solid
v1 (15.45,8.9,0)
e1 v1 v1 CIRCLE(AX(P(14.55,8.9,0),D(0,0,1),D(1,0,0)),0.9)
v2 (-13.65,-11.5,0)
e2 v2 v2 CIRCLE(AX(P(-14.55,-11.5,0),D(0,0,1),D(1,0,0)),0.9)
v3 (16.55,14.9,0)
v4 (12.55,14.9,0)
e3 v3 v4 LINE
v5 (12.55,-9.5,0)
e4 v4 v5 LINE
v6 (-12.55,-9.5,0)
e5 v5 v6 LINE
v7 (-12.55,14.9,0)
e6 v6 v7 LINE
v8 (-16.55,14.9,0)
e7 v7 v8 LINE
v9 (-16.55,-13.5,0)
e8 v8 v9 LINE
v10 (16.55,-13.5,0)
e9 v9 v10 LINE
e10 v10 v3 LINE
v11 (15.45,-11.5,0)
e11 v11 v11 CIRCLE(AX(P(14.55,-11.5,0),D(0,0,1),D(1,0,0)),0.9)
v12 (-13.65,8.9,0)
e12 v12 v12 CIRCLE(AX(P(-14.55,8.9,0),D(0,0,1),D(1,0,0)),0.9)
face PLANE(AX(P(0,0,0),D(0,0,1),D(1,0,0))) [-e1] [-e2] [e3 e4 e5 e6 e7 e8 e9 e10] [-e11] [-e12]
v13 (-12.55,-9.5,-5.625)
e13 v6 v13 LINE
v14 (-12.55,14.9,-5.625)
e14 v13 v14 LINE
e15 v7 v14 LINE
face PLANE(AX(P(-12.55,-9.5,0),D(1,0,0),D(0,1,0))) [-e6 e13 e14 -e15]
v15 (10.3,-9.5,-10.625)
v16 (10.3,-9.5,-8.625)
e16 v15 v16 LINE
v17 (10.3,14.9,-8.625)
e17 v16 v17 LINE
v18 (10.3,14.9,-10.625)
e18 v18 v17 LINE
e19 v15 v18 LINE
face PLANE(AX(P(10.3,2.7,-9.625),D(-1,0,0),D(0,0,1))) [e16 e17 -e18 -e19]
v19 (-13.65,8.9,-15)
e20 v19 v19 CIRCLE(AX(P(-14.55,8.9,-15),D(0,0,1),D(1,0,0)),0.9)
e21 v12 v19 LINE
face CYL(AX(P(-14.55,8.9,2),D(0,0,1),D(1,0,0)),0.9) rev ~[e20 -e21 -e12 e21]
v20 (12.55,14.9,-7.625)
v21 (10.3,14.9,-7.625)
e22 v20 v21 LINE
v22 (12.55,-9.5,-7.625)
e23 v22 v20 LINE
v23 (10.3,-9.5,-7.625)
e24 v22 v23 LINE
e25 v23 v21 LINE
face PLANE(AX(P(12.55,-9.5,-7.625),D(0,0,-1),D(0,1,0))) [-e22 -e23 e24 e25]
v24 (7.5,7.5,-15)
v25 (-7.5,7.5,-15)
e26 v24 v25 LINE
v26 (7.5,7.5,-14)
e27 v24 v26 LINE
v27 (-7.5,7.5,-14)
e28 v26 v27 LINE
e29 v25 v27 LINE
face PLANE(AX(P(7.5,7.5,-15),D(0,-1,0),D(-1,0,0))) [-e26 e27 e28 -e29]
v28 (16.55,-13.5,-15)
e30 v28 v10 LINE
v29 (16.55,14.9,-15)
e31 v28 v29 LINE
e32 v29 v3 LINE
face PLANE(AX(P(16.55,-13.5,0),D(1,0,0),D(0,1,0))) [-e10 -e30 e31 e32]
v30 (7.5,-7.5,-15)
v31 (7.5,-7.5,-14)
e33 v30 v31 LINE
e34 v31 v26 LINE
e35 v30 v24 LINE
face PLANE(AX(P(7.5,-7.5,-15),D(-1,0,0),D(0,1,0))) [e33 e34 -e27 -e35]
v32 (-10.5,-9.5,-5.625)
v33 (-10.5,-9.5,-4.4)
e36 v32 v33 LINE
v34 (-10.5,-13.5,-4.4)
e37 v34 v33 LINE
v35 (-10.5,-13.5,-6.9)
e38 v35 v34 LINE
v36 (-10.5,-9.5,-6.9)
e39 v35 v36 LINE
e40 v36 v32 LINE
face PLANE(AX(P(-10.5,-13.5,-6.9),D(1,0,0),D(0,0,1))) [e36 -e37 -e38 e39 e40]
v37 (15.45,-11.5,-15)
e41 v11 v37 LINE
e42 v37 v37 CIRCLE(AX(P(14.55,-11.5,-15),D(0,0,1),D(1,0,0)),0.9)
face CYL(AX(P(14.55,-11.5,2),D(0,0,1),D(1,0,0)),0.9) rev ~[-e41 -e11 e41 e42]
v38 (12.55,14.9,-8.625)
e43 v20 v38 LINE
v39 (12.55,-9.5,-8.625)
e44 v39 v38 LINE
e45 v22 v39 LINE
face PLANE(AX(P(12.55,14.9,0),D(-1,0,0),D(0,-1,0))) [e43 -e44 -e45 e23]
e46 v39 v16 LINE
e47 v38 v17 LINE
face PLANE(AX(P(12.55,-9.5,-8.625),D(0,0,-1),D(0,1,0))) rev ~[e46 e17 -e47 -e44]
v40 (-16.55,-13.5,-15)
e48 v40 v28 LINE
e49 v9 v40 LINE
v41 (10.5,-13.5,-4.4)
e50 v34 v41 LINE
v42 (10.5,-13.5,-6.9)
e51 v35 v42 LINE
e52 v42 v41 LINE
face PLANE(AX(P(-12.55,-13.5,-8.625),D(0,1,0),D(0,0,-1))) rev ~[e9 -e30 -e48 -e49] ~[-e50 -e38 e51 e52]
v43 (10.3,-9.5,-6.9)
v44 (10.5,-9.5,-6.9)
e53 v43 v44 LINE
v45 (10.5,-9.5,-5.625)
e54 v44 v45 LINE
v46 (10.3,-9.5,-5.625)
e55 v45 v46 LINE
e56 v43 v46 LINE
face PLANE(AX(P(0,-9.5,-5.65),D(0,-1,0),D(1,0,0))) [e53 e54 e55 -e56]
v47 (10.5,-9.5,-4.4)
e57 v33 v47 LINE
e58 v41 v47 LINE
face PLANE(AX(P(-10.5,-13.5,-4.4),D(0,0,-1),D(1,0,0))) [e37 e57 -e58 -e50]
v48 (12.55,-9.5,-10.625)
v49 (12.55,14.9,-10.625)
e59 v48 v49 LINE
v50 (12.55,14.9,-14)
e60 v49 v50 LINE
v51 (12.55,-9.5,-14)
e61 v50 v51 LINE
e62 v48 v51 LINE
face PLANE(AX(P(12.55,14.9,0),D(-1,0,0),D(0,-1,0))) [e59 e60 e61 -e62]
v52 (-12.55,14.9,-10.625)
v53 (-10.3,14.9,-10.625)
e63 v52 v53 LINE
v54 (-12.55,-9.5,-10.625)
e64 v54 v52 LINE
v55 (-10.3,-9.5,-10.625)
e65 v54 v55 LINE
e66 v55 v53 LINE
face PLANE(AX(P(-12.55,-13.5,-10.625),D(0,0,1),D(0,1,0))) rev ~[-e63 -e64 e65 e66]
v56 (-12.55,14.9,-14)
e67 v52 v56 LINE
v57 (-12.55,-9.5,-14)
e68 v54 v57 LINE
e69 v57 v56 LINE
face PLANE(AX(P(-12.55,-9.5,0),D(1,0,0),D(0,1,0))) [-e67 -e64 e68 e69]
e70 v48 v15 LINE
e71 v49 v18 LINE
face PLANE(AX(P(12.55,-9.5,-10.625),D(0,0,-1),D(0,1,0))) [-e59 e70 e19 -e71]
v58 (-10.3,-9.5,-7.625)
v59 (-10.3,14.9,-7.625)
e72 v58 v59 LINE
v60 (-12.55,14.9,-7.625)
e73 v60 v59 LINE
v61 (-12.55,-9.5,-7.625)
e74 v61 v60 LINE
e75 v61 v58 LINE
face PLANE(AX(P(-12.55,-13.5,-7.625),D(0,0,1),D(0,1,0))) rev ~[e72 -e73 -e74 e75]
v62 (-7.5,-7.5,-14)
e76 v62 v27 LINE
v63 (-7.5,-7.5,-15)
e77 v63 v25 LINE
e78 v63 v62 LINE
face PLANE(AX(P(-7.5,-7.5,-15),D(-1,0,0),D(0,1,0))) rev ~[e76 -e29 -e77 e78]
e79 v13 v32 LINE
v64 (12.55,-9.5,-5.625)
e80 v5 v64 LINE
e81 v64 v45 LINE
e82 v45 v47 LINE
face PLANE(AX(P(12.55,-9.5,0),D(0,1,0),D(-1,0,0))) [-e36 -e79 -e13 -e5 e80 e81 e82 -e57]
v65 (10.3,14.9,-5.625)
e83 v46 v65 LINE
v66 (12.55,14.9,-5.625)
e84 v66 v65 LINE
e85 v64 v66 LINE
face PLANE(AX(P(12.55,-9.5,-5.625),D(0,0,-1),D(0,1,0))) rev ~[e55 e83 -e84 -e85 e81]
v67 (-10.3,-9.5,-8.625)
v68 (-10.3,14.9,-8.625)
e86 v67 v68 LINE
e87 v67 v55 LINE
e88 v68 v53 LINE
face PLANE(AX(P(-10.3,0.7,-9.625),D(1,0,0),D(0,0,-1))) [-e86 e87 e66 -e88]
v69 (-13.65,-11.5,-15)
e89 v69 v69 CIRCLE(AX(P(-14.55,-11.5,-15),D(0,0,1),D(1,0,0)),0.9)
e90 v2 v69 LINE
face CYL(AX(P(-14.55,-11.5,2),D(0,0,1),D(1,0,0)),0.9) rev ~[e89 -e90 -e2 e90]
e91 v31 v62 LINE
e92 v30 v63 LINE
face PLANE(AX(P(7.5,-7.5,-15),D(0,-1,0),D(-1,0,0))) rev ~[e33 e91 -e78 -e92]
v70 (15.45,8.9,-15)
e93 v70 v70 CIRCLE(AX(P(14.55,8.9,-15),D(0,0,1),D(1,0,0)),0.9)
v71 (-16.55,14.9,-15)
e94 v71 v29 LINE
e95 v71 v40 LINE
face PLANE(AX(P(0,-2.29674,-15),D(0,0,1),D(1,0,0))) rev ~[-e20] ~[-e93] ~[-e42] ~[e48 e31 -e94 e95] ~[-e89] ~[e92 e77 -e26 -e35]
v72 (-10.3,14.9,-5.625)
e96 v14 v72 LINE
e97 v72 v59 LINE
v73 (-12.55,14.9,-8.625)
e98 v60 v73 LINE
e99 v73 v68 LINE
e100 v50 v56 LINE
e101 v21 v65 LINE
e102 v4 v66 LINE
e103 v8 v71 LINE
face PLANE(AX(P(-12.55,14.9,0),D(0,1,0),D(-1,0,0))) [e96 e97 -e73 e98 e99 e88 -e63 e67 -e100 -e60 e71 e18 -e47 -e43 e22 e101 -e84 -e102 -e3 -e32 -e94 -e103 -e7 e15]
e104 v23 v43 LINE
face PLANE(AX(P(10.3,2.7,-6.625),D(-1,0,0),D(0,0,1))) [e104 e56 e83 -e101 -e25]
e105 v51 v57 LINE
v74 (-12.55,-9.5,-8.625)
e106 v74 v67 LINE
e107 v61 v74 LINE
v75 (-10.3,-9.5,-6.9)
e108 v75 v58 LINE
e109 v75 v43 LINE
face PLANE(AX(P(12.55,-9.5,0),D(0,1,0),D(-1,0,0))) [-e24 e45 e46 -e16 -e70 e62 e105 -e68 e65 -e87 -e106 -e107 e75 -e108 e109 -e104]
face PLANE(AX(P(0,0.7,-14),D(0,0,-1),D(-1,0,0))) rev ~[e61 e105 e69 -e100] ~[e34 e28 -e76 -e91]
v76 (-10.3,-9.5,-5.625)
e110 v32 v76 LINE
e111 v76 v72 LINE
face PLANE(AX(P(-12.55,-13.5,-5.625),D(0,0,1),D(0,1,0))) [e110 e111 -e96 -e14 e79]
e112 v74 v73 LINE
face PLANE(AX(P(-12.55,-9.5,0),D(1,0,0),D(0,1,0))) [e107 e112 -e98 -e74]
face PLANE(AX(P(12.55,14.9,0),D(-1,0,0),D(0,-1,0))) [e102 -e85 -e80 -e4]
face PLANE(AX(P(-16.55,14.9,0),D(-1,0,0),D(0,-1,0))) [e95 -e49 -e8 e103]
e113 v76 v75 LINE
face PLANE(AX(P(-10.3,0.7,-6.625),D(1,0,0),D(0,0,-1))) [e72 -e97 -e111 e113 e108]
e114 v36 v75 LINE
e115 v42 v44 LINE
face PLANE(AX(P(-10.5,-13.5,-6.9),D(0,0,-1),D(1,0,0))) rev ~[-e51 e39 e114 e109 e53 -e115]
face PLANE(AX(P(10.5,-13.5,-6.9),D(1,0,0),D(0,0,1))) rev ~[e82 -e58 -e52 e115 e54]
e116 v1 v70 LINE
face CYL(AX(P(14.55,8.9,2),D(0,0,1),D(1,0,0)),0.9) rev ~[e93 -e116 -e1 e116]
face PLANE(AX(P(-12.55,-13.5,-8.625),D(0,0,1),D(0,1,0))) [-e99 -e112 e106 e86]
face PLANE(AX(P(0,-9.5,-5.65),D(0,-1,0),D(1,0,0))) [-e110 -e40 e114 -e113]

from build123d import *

# Parameters (mm, degrees)
ESQUISSE1_R             = 37
ESQUISSE1_R_2           = 1.5
ESQUISSE1_W             = 25
ESQUISSE1_H             = 3
BOSS_EXTRU_1_DEPTH      = 2
BOSS_EXTRU_2_DEPTH      = 15
ESQUISSE3_W             = 2
ESQUISSE3_H             = 28.4
BOSS_EXTRU_3_DEPTH      = 2.25
ESQUISSE5_W             = 2
ESQUISSE5_H             = 24.4
BOSS_EXTRU_4_DEPTH      = 2.25
ESQUISSE7_W             = 33.1
ESQUISSE7_H             = 28.4
BOSS_EXTRU_5_DEPTH      = 1
ESQUISSE8_W             = 15
ESQUISSE8_H             = 15
ENL_V_MAT_EXTRU_1_DEPTH = 3
ESQUISSE9_W             = 21
ESQUISSE9_H             = 2.5
ENL_V_MAT_EXTRU_2_DEPTH = 4
ESQUISSE10_R            = 0.9
ENL_V_MAT_EXTRU_3_DEPTH = 19
ENL_V_START             = -2
ESQUISSE11_R            = 37
ENL_V_MAT_EXTRU_4_DEPTH = 2


with BuildPart() as part:
    # Esquisse1 → Boss.-Extru.1 (new body)
    with BuildSketch(Plane.XY):
        Circle(ESQUISSE1_R)
        with Locations((0, 30)):
            Circle(ESQUISSE1_R_2, mode=Mode.SUBTRACT)
        with Locations((-22.874807889, 14.34375)):
            Circle(ESQUISSE1_R_2, mode=Mode.SUBTRACT)
        with Locations((-25.416453209, -15.9375)):
            Circle(ESQUISSE1_R_2, mode=Mode.SUBTRACT)
        with Locations((0, -27)):
            Circle(ESQUISSE1_R_2, mode=Mode.SUBTRACT)
        with Locations((25.416453209, -15.9375)):
            Circle(ESQUISSE1_R_2, mode=Mode.SUBTRACT)
        with Locations((22.874807889, 14.34375)):
            Circle(ESQUISSE1_R_2, mode=Mode.SUBTRACT)
        with Locations((0, -15.5)):
            Rectangle(ESQUISSE1_W, ESQUISSE1_H, mode=Mode.SUBTRACT)
    extrude(amount=BOSS_EXTRU_1_DEPTH)

    # Esquisse2 → Boss.-Extru.2 (add)
    with BuildSketch(Plane(origin=(0, 0, 0), x_dir=(-1, 0, 0), z_dir=(0, 0, -1))):
        Polygon((-16.55, 14.9), (-12.55, 14.9), (-12.55, -9.5), (12.55, -9.5), (12.55, 14.9), (16.55, 14.9), (16.55, -13.5), (-16.55, -13.5), align=None)
    extrude(amount=BOSS_EXTRU_2_DEPTH)

    # Esquisse3 → Boss.-Extru.3 (add)
    with BuildSketch(Plane(origin=(-12.55, 0, 0), x_dir=(0, 0, -1), z_dir=(1, 0, 0))):
        with Locations((9.625, 0.7)):
            Rectangle(ESQUISSE3_W, ESQUISSE3_H)
        with Locations((6.625, 0.7)):
            Rectangle(ESQUISSE3_W, ESQUISSE3_H)
    extrude(amount=BOSS_EXTRU_3_DEPTH)

    # Esquisse5 → Boss.-Extru.4 (add)
    with BuildSketch(Plane.ZY.offset(-12.55)):
        with Locations((-9.625, 2.7)):
            Rectangle(ESQUISSE5_W, ESQUISSE5_H)
        with Locations((-6.625, 2.7)):
            Rectangle(ESQUISSE5_W, ESQUISSE5_H)
    extrude(amount=BOSS_EXTRU_4_DEPTH)

    # Esquisse7 → Boss.-Extru.5 (add)
    with BuildSketch(Plane(origin=(0, 0, -15), x_dir=(-1, 0, 0), z_dir=(0, 0, -1))):
        with Locations((0, 0.7)):
            Rectangle(ESQUISSE7_W, ESQUISSE7_H)
    extrude(amount=-BOSS_EXTRU_5_DEPTH)

    # Esquisse8 → Enlèv. mat.-Extru.1 (cut)
    with BuildSketch(Plane(origin=(0, 0, -15), x_dir=(-1, 0, 0), z_dir=(0, 0, -1))):
        Rectangle(ESQUISSE8_W, ESQUISSE8_H)
    extrude(amount=-ENL_V_MAT_EXTRU_1_DEPTH, mode=Mode.SUBTRACT)

    # Esquisse9 → Enlèv. mat.-Extru.2 (cut)
    with BuildSketch(Plane.XZ.offset(13.5)):
        with Locations((0, -5.65)):
            Rectangle(ESQUISSE9_W, ESQUISSE9_H)
    extrude(amount=-ENL_V_MAT_EXTRU_2_DEPTH, mode=Mode.SUBTRACT)

    # Esquisse10 → Enlèv. mat.-Extru.3 (cut)
    with BuildSketch(Plane.XY.offset(2)):
        with Locations((-14.55, 8.9)):
            Circle(ESQUISSE10_R)
        with Locations((-14.55, -11.5)):
            Circle(ESQUISSE10_R)
        with Locations((14.55, -11.5)):
            Circle(ESQUISSE10_R)
        with Locations((14.55, 8.9)):
            Circle(ESQUISSE10_R)
    extrude(amount=-ENL_V_MAT_EXTRU_3_DEPTH, mode=Mode.SUBTRACT)

    # Esquisse11 → Enlèv. mat.-Extru.4 (cut)
    with BuildSketch(Plane.XY.offset(2).offset(ENL_V_START)):
        Circle(ESQUISSE11_R)
    extrude(amount=ENL_V_MAT_EXTRU_4_DEPTH, mode=Mode.SUBTRACT)


solid = part.part
